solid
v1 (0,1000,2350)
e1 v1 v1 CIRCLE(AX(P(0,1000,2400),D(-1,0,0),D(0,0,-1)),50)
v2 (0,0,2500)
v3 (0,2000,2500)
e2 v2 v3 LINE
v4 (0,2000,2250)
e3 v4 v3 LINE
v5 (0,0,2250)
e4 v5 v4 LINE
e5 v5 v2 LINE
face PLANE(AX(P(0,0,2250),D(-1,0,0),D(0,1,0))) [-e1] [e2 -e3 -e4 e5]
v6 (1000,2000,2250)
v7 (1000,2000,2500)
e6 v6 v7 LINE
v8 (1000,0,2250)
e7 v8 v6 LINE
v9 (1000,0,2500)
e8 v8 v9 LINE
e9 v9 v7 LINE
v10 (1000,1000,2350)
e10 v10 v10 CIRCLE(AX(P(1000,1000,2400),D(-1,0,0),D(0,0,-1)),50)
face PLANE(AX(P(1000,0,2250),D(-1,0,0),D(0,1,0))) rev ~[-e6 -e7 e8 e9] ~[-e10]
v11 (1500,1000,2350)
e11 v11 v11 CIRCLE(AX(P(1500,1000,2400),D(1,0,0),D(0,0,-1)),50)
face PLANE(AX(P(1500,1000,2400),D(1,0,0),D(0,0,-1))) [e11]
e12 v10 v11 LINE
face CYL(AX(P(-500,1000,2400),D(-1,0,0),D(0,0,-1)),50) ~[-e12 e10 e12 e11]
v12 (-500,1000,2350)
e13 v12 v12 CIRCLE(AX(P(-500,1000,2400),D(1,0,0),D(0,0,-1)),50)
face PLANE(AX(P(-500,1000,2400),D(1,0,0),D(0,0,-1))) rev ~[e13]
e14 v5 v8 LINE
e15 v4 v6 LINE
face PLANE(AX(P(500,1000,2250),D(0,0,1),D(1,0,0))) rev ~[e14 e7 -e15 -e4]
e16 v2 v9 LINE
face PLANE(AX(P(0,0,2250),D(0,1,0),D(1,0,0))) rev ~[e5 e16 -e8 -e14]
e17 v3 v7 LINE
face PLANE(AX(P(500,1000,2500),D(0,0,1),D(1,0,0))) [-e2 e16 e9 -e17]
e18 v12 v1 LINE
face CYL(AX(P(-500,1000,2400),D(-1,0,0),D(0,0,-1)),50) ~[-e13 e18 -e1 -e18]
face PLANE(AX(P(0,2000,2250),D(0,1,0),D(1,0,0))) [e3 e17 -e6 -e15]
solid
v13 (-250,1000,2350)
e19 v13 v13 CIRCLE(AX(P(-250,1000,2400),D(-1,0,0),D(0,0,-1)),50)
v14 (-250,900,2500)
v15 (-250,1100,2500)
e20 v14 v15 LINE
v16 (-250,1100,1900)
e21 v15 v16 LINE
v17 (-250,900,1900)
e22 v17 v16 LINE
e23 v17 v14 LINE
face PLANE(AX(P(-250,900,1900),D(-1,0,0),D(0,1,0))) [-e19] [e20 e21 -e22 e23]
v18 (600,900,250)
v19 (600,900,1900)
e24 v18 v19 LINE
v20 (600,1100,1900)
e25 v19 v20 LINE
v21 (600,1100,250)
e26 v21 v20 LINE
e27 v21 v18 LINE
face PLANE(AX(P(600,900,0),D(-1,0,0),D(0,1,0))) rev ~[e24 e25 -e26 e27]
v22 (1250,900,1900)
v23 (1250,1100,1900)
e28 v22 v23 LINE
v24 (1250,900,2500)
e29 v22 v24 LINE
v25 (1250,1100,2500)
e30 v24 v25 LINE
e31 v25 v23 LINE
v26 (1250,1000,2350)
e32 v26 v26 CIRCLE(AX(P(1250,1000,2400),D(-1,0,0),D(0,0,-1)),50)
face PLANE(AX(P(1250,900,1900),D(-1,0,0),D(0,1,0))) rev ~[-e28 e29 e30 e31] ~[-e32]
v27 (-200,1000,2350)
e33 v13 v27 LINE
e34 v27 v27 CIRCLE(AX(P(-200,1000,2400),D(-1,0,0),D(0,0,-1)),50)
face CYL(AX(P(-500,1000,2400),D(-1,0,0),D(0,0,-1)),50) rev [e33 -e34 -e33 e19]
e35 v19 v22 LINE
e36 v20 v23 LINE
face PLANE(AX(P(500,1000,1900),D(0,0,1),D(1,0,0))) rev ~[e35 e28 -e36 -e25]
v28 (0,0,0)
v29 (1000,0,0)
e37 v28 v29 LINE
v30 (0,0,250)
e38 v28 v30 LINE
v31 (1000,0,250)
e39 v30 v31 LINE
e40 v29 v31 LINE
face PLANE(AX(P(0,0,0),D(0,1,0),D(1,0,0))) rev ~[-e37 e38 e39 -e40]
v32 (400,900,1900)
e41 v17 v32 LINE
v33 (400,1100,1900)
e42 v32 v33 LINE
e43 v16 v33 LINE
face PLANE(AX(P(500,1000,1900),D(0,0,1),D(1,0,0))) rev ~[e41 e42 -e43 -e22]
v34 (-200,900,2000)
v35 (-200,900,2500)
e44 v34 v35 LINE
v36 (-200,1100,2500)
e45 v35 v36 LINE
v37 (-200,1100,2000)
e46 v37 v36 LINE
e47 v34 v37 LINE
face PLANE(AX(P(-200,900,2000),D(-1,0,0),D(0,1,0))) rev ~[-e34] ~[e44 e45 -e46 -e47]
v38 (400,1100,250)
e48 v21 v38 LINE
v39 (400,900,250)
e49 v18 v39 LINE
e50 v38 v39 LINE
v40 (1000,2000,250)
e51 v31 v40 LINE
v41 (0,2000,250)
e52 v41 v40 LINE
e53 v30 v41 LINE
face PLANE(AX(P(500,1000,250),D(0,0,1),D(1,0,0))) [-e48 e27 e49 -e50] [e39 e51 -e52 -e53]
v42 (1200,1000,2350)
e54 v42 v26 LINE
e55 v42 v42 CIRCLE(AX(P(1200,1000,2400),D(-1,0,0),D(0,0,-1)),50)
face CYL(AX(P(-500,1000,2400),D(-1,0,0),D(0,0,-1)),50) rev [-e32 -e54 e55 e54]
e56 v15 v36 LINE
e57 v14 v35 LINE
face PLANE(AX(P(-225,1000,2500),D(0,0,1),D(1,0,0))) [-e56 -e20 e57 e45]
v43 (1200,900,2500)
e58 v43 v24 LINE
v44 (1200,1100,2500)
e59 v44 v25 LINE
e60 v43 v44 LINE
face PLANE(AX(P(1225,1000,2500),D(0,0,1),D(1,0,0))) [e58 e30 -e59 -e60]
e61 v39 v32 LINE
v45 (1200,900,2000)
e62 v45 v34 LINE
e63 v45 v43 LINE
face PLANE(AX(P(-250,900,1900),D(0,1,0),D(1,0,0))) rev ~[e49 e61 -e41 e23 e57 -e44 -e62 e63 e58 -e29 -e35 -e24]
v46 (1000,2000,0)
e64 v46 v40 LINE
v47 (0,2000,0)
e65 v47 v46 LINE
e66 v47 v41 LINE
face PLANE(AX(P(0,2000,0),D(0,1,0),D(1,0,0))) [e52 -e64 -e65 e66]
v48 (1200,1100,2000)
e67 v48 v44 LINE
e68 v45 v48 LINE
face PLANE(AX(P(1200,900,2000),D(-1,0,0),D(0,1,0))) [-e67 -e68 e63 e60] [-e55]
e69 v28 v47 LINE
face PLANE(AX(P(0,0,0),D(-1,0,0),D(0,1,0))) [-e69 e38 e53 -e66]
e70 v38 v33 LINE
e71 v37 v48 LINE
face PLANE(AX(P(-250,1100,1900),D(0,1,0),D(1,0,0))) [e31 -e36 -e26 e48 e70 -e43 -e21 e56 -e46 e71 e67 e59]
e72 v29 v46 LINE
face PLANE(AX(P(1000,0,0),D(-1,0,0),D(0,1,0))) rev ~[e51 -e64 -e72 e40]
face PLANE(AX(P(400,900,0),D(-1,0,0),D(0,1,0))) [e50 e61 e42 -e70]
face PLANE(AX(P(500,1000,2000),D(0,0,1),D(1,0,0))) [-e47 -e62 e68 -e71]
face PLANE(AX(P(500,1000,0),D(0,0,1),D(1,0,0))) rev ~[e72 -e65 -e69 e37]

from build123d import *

# Parameters (mm, degrees)
CYLINDER_R        = 50
CYLINDER_DEPTH    = 2000
BOX003_W          = 50
BOX003_H          = 200
BOX003_DEPTH      = 500
BOX002_W          = 1500
BOX002_H          = 200
BOX002_DEPTH      = 100
BOX001_W          = 200
BOX001_H          = 200
BOX001_DEPTH      = 2000
BOX_W             = 1000
BOX_H             = 2000
BOX_DEPTH         = 250
BOX004_W          = 50
BOX004_H          = 200
BOX004_DEPTH      = 500
CYLINDER002_R     = 50
CYLINDER002_DEPTH = 2000
CYLINDER001_R     = 50
CYLINDER001_DEPTH = 2000
BOX005_W          = 1000
BOX005_H          = 2000
BOX005_DEPTH      = 250


with BuildPart() as cilindro:
    # Cylinder → Cylinder (new body)
    with BuildSketch(Plane(origin=(-500, 1000, 2400), x_dir=(0, 0, -1), z_dir=(1, 0, 0))):
        Circle(CYLINDER_R)
    extrude(amount=CYLINDER_DEPTH)


with BuildPart() as cubo003:
    # Box003 → Box003 (new body)
    with BuildSketch(Plane(origin=(-250, 900, 2000), x_dir=(1, 0, 0), z_dir=(0, 0, 1))):
        with Locations((25, 100)):
            Rectangle(BOX003_W, BOX003_H)
    extrude(amount=BOX003_DEPTH)


with BuildPart() as cubo002:
    # Box002 → Box002 (new body)
    with BuildSketch(Plane(origin=(-250, 900, 1900), x_dir=(1, 0, 0), z_dir=(0, 0, 1))):
        with Locations((750, 100)):
            Rectangle(BOX002_W, BOX002_H)
    extrude(amount=BOX002_DEPTH)


with BuildPart() as cubo001:
    # Box001 → Box001 (new body)
    with BuildSketch(Plane(origin=(400, 900, 0), x_dir=(1, 0, 0), z_dir=(0, 0, 1))):
        with Locations((100, 100)):
            Rectangle(BOX001_W, BOX001_H)
    extrude(amount=BOX001_DEPTH)


with BuildPart() as fusion001:
    # Box → Box (new body)
    with BuildSketch(Plane.XY):
        with Locations((500, 1000)):
            Rectangle(BOX_W, BOX_H)
    extrude(amount=BOX_DEPTH)

    # Fusion: union Cubo001
    add(cubo001.part)

    # Fusion001: union Cubo002
    add(cubo002.part)


with BuildPart() as cut:
    # Box004 → Box004 (new body)
    with BuildSketch(Plane(origin=(1200, 900, 2000), x_dir=(1, 0, 0), z_dir=(0, 0, 1))):
        with Locations((25, 100)):
            Rectangle(BOX004_W, BOX004_H)
    extrude(amount=BOX004_DEPTH)

    # Fusion002: union Cubo003, Fusion001
    add(cubo003.part)
    add(fusion001.part)

    # Cut: cut Cilindro
    add(cilindro.part, mode=Mode.SUBTRACT)


with BuildPart() as cilindro002:
    # Cylinder002 → Cylinder002 (new body)
    with BuildSketch(Plane(origin=(-500, 1000, 2400), x_dir=(0, 0, -1), z_dir=(1, 0, 0))):
        Circle(CYLINDER002_R)
    extrude(amount=CYLINDER002_DEPTH)


with BuildPart() as cilindro001:
    # Cylinder001 → Cylinder001 (new body)
    with BuildSketch(Plane(origin=(-500, 1000, 2400), x_dir=(0, 0, -1), z_dir=(1, 0, 0))):
        Circle(CYLINDER001_R)
    extrude(amount=CYLINDER001_DEPTH)


with BuildPart() as fusion003:
    # Box005 → Box005 (new body)
    with BuildSketch(Plane.XY.offset(2250)):
        with Locations((500, 1000)):
            Rectangle(BOX005_W, BOX005_H)
    extrude(amount=BOX005_DEPTH)

    # Cut001: cut Cilindro001
    add(cilindro001.part, mode=Mode.SUBTRACT)

    # Fusion003: union Cilindro002
    add(cilindro002.part)


solid = Compound([cut.part, fusion003.part])
